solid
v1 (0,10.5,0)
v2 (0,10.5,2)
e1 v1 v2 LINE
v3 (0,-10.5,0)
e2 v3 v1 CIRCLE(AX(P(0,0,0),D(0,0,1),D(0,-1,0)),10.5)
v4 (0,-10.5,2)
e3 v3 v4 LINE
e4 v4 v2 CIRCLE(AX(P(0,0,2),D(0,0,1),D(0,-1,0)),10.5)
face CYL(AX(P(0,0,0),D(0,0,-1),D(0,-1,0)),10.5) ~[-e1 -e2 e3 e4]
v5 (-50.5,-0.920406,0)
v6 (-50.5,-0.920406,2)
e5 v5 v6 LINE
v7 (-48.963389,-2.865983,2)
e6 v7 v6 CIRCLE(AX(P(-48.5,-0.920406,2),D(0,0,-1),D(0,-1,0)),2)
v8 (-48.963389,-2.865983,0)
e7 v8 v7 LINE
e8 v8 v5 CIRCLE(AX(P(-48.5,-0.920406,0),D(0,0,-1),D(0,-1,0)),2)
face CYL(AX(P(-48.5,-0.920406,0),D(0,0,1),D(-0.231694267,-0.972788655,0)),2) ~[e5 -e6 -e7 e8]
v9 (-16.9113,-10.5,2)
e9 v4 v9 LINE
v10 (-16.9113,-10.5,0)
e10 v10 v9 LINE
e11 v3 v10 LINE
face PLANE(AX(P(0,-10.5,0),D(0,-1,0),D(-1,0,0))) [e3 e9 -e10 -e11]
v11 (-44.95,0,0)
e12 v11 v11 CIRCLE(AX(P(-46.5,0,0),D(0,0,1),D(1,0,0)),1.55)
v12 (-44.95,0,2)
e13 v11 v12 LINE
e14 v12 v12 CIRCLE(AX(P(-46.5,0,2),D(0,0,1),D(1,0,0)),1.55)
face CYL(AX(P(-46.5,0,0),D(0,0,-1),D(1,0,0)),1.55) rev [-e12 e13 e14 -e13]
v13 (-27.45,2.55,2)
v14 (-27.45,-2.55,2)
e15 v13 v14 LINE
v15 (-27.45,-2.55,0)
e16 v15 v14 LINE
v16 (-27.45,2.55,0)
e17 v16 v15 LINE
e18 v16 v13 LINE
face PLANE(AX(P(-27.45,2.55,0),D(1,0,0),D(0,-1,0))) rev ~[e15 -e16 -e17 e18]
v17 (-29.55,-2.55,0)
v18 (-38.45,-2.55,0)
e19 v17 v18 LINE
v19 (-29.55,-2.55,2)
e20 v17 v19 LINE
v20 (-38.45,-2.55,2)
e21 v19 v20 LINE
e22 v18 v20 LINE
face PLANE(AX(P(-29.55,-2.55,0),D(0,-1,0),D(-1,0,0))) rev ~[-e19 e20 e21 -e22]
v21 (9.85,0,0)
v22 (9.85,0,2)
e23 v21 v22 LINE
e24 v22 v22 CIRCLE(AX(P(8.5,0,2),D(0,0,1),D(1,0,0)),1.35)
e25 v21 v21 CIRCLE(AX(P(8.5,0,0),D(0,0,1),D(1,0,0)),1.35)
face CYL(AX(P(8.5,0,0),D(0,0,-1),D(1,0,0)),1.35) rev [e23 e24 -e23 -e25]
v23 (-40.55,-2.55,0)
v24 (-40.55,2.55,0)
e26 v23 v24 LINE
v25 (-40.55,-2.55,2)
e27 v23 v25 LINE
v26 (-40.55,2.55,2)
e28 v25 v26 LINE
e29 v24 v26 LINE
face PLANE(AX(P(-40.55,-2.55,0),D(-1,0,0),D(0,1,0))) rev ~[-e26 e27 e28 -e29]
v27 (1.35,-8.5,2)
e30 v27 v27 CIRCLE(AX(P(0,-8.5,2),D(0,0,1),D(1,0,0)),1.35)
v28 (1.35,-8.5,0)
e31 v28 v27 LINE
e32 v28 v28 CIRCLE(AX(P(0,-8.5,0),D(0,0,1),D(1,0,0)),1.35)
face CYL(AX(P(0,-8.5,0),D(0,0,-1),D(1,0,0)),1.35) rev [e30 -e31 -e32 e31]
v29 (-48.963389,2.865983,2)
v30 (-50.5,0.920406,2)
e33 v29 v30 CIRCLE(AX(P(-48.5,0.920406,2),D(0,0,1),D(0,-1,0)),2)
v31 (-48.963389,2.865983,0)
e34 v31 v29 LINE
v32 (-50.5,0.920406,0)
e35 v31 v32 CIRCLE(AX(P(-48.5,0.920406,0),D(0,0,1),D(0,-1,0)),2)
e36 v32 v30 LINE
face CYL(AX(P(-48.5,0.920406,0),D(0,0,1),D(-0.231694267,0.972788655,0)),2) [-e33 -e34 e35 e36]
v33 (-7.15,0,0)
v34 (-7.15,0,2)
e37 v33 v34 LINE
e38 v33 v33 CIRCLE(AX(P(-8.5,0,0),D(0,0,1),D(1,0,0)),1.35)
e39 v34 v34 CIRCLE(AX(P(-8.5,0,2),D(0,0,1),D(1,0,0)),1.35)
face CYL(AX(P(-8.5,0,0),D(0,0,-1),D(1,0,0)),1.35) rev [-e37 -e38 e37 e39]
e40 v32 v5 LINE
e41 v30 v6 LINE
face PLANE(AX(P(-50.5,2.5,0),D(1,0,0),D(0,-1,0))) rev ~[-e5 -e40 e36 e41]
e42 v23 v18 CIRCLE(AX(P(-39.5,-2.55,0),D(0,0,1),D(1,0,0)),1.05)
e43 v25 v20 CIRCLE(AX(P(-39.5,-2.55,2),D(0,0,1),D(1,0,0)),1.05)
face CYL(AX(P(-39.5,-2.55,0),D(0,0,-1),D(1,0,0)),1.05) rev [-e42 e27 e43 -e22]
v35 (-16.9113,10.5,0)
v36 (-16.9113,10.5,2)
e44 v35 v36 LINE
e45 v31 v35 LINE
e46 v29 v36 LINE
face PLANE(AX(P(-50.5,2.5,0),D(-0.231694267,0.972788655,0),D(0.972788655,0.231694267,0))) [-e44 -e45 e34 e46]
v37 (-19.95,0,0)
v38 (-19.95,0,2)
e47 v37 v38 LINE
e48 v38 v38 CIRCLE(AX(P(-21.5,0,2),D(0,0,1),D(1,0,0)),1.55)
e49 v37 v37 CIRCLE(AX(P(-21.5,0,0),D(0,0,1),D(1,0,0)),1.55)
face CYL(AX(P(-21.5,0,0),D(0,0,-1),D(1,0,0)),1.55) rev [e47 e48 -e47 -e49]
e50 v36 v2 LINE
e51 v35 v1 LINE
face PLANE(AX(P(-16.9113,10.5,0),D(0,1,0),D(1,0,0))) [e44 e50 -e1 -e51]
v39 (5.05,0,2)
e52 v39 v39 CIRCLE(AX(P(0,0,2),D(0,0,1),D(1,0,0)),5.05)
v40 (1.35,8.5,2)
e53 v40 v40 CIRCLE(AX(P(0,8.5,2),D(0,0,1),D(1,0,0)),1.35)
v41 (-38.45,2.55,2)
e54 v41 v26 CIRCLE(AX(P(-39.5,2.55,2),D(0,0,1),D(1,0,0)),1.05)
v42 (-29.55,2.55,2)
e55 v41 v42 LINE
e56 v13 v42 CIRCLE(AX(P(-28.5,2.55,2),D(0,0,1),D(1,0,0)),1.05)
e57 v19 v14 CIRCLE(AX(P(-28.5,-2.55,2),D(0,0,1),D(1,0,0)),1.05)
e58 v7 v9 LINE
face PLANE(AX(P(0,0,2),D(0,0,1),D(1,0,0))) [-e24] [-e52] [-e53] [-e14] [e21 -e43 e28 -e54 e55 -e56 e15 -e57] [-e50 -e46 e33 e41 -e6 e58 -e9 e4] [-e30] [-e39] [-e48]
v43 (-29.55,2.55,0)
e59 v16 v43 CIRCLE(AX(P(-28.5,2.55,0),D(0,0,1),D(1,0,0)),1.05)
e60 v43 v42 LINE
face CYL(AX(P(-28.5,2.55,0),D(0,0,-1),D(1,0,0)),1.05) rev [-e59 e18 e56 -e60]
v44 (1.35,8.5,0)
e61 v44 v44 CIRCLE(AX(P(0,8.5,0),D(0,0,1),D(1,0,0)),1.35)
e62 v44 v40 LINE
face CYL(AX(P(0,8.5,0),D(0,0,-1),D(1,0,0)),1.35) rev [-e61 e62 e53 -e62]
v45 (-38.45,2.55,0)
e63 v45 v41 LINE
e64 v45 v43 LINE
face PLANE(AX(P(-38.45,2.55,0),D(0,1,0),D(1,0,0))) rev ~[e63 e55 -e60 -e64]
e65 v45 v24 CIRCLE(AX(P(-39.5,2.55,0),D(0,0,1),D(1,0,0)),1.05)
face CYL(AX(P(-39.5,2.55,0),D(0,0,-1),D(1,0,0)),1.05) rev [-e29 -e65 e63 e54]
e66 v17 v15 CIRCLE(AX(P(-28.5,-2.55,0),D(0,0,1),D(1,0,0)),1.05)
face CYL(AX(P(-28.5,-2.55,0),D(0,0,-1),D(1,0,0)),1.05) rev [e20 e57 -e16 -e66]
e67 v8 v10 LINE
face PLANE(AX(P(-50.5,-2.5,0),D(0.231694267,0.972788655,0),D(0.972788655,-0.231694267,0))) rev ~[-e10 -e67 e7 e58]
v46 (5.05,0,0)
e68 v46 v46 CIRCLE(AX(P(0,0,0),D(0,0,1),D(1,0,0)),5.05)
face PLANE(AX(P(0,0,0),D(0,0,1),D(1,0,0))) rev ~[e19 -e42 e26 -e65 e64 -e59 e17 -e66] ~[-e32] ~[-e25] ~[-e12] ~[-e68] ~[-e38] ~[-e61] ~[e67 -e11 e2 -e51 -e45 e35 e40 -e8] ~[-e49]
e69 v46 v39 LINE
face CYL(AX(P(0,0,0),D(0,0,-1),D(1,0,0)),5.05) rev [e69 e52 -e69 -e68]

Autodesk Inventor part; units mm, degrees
ref_plane "YZ Plane" through (0, 0, 0) normal (1, 0, 0) x (0, 1, 0)
ref_plane "XZ Plane" through (0, 0, 0) normal (0, 1, 0) x (-1, 0, 0)
ref_plane "XY Plane" through (0, 0, 0) normal (0, 0, 1) x (1, 0, 0)
sketch "スケッチ1" plane through (0, 0, 0) normal (0, 0, 1) x (1, 0, 0)
  circle A0 centre (0, 0) radius 10.5 construction
  line L0 (0, 10.5) -> (-162.5, 10.5) construction
  line L1 (-162.5, 10.5) -> (-162.5, -10.5) construction
  line L2 (-162.5, -10.5) -> (0, -10.5) construction
  circle A1 centre (-157.5, 0) radius 1.55 construction
  line L3 (-147.5, 2.5) -> (-32.5, 2.5) construction
  line L4 (-32.5, 2.5) -> (-32.5, -2.5) construction
  line L5 (-32.5, -2.5) -> (-147.5, -2.5) construction
  line L6 (-147.5, -2.5) -> (-147.5, 2.5) construction
  line L7 (-90, 2.5) -> (-90, -2.5) construction
  circle A2 centre (-22.5, 0) radius 1.55 construction
  line L8 (-12, 21.3027) -> (-12, -27.3903) construction
  line L9 (-32.45, 2.55) -> (-147.55, 2.55) construction
  line L10 (-147.55, 2.55) -> (-147.55, -2.55) construction
  line L11 (-147.55, -2.55) -> (-32.45, -2.55) construction
  line L12 (-32.45, -2.55) -> (-32.45, 2.55) construction
  circle A3 centre (-146.5, 2.55) radius 1.05 construction
  line L13 (-147.5, 0) -> (-90, 0) construction
  line L14 (-147.55, 2.55) -> (-147.55, -2.55) construction
  arc A4 (-145.45, 2.55) -> (-147.55, 2.55) centre (-146.5, 2.55) ccw construction
  line L15 (-145.45, 2.55) -> (-34.55, 2.55) construction
  arc A5 (-32.45, 2.55) -> (-34.55, 2.55) centre (-33.5, 2.55) ccw construction
  line L16 (-32.45, 2.55) -> (-32.45, -2.55) construction
  arc A6 (-147.55, -2.55) -> (-145.45, -2.55) centre (-146.5, -2.55) ccw construction
  line L17 (-145.45, -2.55) -> (-34.55, -2.55) construction
  arc A7 (-34.55, -2.55) -> (-32.45, -2.55) centre (-33.5, -2.55) ccw construction
  circle A8 centre (0, 8.5) radius 1.35
  circle A9 centre (0, 0) radius 5.05
  circle A10 centre (-8.5, 0) radius 1.35
  circle A11 centre (0, -8.5) radius 1.35
  circle A12 centre (8.5, 0) radius 1.35
  line L18 (-162.5, 4.8006) -> (-162.5, -4.8006) construction
  line L19 (-162.5, 4.8006) -> (-22.5, 10.5) construction
  line L20 (-22.5, 10.5) -> (0, 10.5) construction
  line L21 (-162.5, -4.8006) -> (-22.5, -10.5) construction
  line L22 (-22.5, -10.5) -> (0, -10.5) construction
  arc A13 (0, -10.5) -> (0, 10.5) centre (0, 0) ccw construction
  circle A14 centre (-157.5, 0) radius 5 construction
  circle A15 centre (-21.5, 0) radius 1.55
  circle A16 centre (-46.5, 0) radius 1.55
  line L23 (-17.5, -2.5) -> (-50.5, -2.5) construction
  line L24 (-50.5, -2.5) -> (-50.5, 2.5) construction
  line L25 (-50.5, 2.5) -> (-17.5, 2.5) construction
  line L26 (-17.5, 2.5) -> (-17.5, -2.5) construction
  line L27 (-27.5, -2.5) -> (-40.5, -2.5) construction
  line L28 (-40.5, -2.5) -> (-40.5, 2.5) construction
  line L29 (-40.5, 2.5) -> (-27.5, 2.5) construction
  line L30 (-27.5, 2.5) -> (-27.5, -2.5) construction
  line L31 (-27.45, -2.55) -> (-40.55, -2.55)
  line L32 (-40.55, -2.55) -> (-40.55, 2.55)
  line L33 (-40.55, 2.55) -> (-27.45, 2.55)
  line L34 (-27.45, 2.55) -> (-27.45, -2.55)
  circle A17 centre (-28.5, -2.55) radius 1.05
  circle A18 centre (-28.5, 2.55) radius 1.05
  circle A19 centre (-39.5, -2.55) radius 1.05
  circle A20 centre (-39.5, 2.55) radius 1.05
  line L35 (-50.5, 2.5) -> (-50.5, -2.5)
  line L36 (-50.5, -2.5) -> (-16.9113, -10.5)
  line L37 (-50.5, 2.5) -> (-16.9113, 10.5)
  arc A21 (0, -10.5) -> (0, 10.5) centre (0, 0) ccw
  line L38 (-16.9113, 10.5) -> (0, 10.5)
  line L39 (0, -10.5) -> (-16.9113, -10.5)
  circle A22 centre (-39.5, 2.55) radius 2.5 construction
  circle A23 centre (0, 0) radius 16 construction
  circle A24 centre (0, 0) radius 21 construction
  line L40 (-21, 19.3585) -> (-21, -28.09) construction
  point P0 (-162.5, 0)
  point P1 (-17.5, 0)
  dimension "d9" = 2.1
  dimension "d29" = 2.1
  dimension "d0" = 162.5
  dimension "d1" = 3.1
  dimension "d2" = 21
  dimension "d3" = 10
  dimension "d4" = 5
  dimension "d5" = 12
  dimension "d6" = 135
  dimension "d7" = 5
  dimension "d8" = 0.05
  dimension "d10" = 2.7
  dimension "d11" = 8.5
  dimension "d12" = 10.1
  dimension "d15" = 360
  dimension "d20" = 3.1
  dimension "d21" = 5
  dimension "d22" = 4
  dimension "d23" = 5
  dimension "d24" = 25
  dimension "d26" = 10
  dimension "d27" = 4
  dimension "d28" = 10
  dimension "d30" = 0.05
  dimension "d32" = 5
  dimension "d33" = 32
  dimension "d34" = 5
extrude "押し出し1" add sketch "スケッチ1" along normal blind 2
fillet "フィレット2" radius 2 2 edges at (-50.5, 2.5, 1) (-50.5, -2.5, 1)
equation "\"d0\" = d0_1"
equation "\"d2\" = d2_1"
equation "\"d3\" = d3_1"
equation "\"d4\" = d4_1"
equation "\"d6\" = d6_1"
equation "\"d21\" = d4"
equation "\"d27\" = d22"
equation "\"d28\" = d26"
equation "\"d2_1\" = 21"
equation "\"d3_1\" = 10"
equation "\"d4_1\" = 5"
equation "\"d6_1\" = 135"
equation "\"d0_1\" = 162.5"
properties part number "前腕_メインフレーム_1_1" material "GFRP"
